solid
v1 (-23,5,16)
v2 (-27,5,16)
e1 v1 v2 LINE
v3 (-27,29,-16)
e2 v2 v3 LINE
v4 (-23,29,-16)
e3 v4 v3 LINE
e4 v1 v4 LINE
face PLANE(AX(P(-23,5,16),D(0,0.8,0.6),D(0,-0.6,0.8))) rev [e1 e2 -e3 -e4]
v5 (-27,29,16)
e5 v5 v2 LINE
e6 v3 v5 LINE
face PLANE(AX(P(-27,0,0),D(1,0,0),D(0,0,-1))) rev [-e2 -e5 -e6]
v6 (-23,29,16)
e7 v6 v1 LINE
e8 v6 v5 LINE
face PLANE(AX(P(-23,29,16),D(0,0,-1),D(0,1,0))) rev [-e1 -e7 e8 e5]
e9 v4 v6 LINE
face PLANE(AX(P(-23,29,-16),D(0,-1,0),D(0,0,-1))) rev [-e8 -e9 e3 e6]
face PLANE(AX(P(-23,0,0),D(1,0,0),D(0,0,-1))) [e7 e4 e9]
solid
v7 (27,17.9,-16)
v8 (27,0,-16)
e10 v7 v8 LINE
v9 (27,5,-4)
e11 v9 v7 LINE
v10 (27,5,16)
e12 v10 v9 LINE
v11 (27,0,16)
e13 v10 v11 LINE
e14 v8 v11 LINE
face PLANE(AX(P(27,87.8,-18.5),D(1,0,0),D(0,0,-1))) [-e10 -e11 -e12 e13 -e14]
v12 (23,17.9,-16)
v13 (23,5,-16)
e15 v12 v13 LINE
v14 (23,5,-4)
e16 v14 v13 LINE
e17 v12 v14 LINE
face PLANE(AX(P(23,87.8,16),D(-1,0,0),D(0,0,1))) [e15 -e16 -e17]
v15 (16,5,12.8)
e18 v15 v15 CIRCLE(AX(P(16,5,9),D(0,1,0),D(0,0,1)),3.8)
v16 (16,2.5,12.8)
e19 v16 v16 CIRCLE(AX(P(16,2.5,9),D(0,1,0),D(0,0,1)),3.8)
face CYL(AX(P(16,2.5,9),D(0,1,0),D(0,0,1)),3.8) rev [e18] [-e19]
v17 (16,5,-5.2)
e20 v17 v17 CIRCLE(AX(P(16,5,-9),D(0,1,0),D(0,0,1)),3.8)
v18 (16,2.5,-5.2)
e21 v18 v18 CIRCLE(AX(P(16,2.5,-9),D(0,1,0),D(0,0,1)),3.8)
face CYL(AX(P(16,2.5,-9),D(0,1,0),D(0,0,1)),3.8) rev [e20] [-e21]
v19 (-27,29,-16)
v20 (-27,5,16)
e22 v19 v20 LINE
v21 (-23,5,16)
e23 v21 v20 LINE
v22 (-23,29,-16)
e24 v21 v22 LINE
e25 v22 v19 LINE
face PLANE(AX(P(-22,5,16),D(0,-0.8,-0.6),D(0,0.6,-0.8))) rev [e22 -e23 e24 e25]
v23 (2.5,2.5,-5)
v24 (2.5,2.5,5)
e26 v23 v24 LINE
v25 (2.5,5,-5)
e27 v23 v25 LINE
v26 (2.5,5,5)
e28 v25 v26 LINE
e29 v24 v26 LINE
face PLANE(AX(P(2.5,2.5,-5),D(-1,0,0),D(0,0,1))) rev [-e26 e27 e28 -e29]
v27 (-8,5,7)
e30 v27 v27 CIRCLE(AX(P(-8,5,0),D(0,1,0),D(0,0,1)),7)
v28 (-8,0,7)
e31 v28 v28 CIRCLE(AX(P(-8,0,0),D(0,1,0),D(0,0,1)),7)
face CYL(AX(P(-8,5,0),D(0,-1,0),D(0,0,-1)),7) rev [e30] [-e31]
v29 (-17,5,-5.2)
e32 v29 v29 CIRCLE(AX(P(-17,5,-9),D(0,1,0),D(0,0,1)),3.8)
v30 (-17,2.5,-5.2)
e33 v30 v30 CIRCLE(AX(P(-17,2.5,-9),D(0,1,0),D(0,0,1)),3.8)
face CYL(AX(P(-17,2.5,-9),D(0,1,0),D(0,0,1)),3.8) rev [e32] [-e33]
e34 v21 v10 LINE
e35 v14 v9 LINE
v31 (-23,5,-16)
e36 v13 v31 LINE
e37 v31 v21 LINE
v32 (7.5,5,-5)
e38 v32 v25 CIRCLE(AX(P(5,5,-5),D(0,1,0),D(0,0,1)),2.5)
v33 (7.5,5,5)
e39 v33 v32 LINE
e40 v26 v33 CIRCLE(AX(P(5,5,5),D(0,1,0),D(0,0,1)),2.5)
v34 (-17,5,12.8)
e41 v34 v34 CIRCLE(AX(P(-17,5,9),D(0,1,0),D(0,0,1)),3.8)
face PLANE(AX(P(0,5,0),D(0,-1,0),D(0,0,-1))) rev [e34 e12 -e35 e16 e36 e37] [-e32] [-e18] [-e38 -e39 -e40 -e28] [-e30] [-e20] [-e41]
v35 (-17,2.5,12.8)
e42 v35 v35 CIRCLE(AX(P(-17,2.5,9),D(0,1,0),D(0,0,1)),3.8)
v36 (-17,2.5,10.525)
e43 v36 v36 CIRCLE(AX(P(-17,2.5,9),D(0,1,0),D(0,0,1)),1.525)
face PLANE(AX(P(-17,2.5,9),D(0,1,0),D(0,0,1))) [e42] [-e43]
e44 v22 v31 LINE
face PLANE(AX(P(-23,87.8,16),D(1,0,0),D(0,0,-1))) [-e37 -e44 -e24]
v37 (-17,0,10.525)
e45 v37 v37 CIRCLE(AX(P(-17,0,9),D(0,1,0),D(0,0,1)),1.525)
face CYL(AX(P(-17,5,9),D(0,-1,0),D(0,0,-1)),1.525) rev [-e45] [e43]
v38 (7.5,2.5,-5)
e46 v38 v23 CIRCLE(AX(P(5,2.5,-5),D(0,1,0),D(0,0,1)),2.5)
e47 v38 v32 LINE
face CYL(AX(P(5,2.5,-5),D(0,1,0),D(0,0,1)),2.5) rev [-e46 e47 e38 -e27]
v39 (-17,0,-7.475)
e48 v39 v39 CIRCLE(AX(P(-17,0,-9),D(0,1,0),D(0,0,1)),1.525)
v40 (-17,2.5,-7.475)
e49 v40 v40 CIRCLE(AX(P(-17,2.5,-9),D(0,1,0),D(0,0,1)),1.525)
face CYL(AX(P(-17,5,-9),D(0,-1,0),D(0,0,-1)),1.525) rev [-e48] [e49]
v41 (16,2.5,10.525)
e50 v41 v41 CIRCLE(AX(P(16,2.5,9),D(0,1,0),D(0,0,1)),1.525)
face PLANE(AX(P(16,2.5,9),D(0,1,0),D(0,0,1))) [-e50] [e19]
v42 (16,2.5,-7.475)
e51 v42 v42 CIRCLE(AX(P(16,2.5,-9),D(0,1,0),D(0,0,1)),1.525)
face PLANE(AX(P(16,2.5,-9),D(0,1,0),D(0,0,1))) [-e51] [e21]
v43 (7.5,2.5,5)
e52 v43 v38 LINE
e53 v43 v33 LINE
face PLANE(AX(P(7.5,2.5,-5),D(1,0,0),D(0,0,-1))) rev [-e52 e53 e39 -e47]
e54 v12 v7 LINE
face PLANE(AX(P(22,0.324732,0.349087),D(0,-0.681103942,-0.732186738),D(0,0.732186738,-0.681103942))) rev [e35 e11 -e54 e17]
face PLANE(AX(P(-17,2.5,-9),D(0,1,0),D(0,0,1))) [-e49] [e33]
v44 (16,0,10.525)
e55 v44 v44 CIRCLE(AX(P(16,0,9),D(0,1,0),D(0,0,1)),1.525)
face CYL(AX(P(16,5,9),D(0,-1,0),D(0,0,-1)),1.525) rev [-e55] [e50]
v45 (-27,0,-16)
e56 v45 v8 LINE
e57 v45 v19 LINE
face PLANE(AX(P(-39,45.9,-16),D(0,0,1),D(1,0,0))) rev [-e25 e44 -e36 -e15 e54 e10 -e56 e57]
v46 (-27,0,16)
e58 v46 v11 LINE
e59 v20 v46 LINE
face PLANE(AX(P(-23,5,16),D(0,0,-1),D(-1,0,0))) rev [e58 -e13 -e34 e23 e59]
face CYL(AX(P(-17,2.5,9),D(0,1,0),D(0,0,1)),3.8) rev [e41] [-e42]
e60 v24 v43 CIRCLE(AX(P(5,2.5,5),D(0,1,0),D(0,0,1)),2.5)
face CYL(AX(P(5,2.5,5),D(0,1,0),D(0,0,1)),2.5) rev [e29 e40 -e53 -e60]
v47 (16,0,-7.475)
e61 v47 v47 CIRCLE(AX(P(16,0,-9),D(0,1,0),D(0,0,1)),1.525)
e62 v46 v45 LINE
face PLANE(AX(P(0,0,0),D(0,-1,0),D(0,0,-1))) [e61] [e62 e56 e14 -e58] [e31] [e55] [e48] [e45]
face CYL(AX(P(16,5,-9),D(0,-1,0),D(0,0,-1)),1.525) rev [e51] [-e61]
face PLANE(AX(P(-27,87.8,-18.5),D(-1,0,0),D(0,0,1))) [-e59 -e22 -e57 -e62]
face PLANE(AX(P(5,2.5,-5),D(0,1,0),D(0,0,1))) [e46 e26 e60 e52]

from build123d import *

# Parameters (mm, degrees)
SKETCH2_W           = 46
SKETCH2_H           = 32
SKETCH2_R           = 1.525
SKETCH2_R_2         = 7
BOSS_EXTRUDE1_DEPTH = 5
SKETCH3_R           = 3.8
CUT_EXTRUDE1_DEPTH  = 2.5
BOSS_EXTRUDE2_DEPTH = 87.8
BOSS_EXTRUDE3_START = 82.8
SKETCH2_2_W         = 46
SKETCH2_2_H         = 32
SKETCH2_2_R         = 1.525
SKETCH2_2_R_2       = 7
BOSS_EXTRUDE3_DEPTH = 5
CUT_EXTRUDE2_START  = 80.3
SKETCH3_3_R         = 3.8
CUT_EXTRUDE2_DEPTH  = 2.5
CUT_EXTRUDE3_DEPTH  = 5
CUT_EXTRUDE4_DEPTH  = 5
CUT_EXTRUDE5_DEPTH  = 66
BOSS_EXTRUDE5_DEPTH = 4


with BuildPart() as part:
    # Sketch2 → Boss-Extrude1 (new body)
    with BuildSketch(Plane(origin=(0, 0, 0), x_dir=(1, 0, 0), z_dir=(0, 1, 0))):
        Rectangle(SKETCH2_W, SKETCH2_H)
        with Locations(Location((-17, 9, 0), (0, 0, 270))):
            Circle(SKETCH2_R, mode=Mode.SUBTRACT)
        with Locations(Location((-17, -9, 0), (0, 0, 270))):
            Circle(SKETCH2_R, mode=Mode.SUBTRACT)
        with Locations(Location((16, -9, 0), (0, 0, 270))):
            Circle(SKETCH2_R, mode=Mode.SUBTRACT)
        with Locations(Location((16, 9, 0), (0, 0, 270))):
            Circle(SKETCH2_R, mode=Mode.SUBTRACT)
        with Locations(Location((-8, 0, 0), (0, 0, 270))):
            Circle(SKETCH2_R_2, mode=Mode.SUBTRACT)
    extrude(amount=BOSS_EXTRUDE1_DEPTH)

    # Sketch3 → Cut-Extrude1 (cut)
    with BuildSketch(Plane(origin=(0, 5, 0), x_dir=(1, 0, 0), z_dir=(0, 1, 0))):
        with Locations(Location((-17, 9, 0), (0, 0, 270))):
            Circle(SKETCH3_R)
        with Locations(Location((-17, -9, 0), (0, 0, 270))):
            Circle(SKETCH3_R)
        with Locations(Location((16, -9, 0), (0, 0, 270))):
            Circle(SKETCH3_R)
        with Locations(Location((16, 9, 0), (0, 0, 270))):
            Circle(SKETCH3_R)
        with BuildLine():
            Line((7.5, 5), (7.5, -5))
            ThreePointArc((7.5, -5), (5, -7.5), (2.5, -5))
            Line((2.5, -5), (2.5, 5))
            ThreePointArc((2.5, 5), (5, 7.5), (7.5, 5))
        make_face()
    extrude(amount=-CUT_EXTRUDE1_DEPTH, mode=Mode.SUBTRACT)

    # Sketch4 → Boss-Extrude2 (add)
    with BuildSketch(Plane(origin=(0, 0, 0), x_dir=(-1, 0, 0), z_dir=(0, -1, 0))):
        Polygon((23, 16), (-23, 16), (-23, -16), (-27, -16), (-27, 18.5), (27, 18.5), (27, -16), (23, -16), align=None)
    extrude(amount=-BOSS_EXTRUDE2_DEPTH)

    # Sketch2<2> → Boss-Extrude3 (add)
    with BuildSketch(Plane(origin=(0, 0, 0), x_dir=(1, 0, 0), z_dir=(0, 1, 0)).offset(BOSS_EXTRUDE3_START)):
        Rectangle(SKETCH2_2_W, SKETCH2_2_H)
        with Locations(Location((-17, 9, 0), (0, 0, 270))):
            Circle(SKETCH2_2_R, mode=Mode.SUBTRACT)
        with Locations(Location((-17, -9, 0), (0, 0, 270))):
            Circle(SKETCH2_2_R, mode=Mode.SUBTRACT)
        with Locations(Location((16, -9, 0), (0, 0, 270))):
            Circle(SKETCH2_2_R, mode=Mode.SUBTRACT)
        with Locations(Location((16, 9, 0), (0, 0, 270))):
            Circle(SKETCH2_2_R, mode=Mode.SUBTRACT)
        with Locations(Location((-8, 0, 0), (0, 0, 270))):
            Circle(SKETCH2_2_R_2, mode=Mode.SUBTRACT)
    extrude(amount=BOSS_EXTRUDE3_DEPTH)

    # Sketch3<3> → Cut-Extrude2 (cut)
    with BuildSketch(Plane(origin=(0, 5, 0), x_dir=(1, 0, 0), z_dir=(0, 1, 0)).offset(CUT_EXTRUDE2_START)):
        with Locations(Location((-17, 9, 0), (0, 0, 270))):
            Circle(SKETCH3_3_R)
        with Locations(Location((-17, -9, 0), (0, 0, 270))):
            Circle(SKETCH3_3_R)
        with Locations(Location((16, -9, 0), (0, 0, 270))):
            Circle(SKETCH3_3_R)
        with Locations(Location((16, 9, 0), (0, 0, 270))):
            Circle(SKETCH3_3_R)
        with BuildLine():
            Line((7.5, 5), (7.5, -5))
            ThreePointArc((7.5, -5), (5, -7.5), (2.5, -5))
            Line((2.5, -5), (2.5, 5))
            ThreePointArc((2.5, 5), (5, 7.5), (7.5, 5))
        make_face()
    extrude(amount=-CUT_EXTRUDE2_DEPTH, mode=Mode.SUBTRACT)

    # Sketch5 → Cut-Extrude3 (cut)
    with BuildSketch(Plane(origin=(27, 0, 0), x_dir=(0, 0, -1), z_dir=(1, 0, 0))):
        Polygon((-16, 43.9), (-16, 5), (4, 5), (16, 17.9), (16, 43.9), align=None)
        Polygon((-16, 82.8), (-16, 43.9), (16, 43.9), (16, 73.9), (7, 82.8), align=None)
    extrude(amount=-CUT_EXTRUDE3_DEPTH, mode=Mode.SUBTRACT)

    # Sketch6 → Cut-Extrude4 (cut)
    with BuildSketch(Plane.ZY.offset(27)):
        Polygon((16, 82.8), (16, 5), (-16, 29), (-16, 58.8), align=None)
    extrude(amount=-CUT_EXTRUDE4_DEPTH, mode=Mode.SUBTRACT)

    # Sketch7 → Cut-Extrude5 (cut)
    with BuildSketch(Plane(origin=(27, 0, 0), x_dir=(0, 0, -1), z_dir=(1, 0, 0))):
        Polygon((16, 45.9), (16, 58.8), (-16, 82.8), (-16, 87.8), (18.5, 87.8), (18.5, 0), (16, 0), align=None)
    extrude(amount=-CUT_EXTRUDE5_DEPTH, mode=Mode.SUBTRACT)


with BuildPart() as body_2:
    # Sketch9 → Boss-Extrude5 (new body)
    with BuildSketch(Plane.ZY.offset(27)):
        Polygon((16, 5), (-16, 29), (16, 29), align=None)
    extrude(amount=-BOSS_EXTRUDE5_DEPTH)


solid = Compound([part.part, body_2.part])
